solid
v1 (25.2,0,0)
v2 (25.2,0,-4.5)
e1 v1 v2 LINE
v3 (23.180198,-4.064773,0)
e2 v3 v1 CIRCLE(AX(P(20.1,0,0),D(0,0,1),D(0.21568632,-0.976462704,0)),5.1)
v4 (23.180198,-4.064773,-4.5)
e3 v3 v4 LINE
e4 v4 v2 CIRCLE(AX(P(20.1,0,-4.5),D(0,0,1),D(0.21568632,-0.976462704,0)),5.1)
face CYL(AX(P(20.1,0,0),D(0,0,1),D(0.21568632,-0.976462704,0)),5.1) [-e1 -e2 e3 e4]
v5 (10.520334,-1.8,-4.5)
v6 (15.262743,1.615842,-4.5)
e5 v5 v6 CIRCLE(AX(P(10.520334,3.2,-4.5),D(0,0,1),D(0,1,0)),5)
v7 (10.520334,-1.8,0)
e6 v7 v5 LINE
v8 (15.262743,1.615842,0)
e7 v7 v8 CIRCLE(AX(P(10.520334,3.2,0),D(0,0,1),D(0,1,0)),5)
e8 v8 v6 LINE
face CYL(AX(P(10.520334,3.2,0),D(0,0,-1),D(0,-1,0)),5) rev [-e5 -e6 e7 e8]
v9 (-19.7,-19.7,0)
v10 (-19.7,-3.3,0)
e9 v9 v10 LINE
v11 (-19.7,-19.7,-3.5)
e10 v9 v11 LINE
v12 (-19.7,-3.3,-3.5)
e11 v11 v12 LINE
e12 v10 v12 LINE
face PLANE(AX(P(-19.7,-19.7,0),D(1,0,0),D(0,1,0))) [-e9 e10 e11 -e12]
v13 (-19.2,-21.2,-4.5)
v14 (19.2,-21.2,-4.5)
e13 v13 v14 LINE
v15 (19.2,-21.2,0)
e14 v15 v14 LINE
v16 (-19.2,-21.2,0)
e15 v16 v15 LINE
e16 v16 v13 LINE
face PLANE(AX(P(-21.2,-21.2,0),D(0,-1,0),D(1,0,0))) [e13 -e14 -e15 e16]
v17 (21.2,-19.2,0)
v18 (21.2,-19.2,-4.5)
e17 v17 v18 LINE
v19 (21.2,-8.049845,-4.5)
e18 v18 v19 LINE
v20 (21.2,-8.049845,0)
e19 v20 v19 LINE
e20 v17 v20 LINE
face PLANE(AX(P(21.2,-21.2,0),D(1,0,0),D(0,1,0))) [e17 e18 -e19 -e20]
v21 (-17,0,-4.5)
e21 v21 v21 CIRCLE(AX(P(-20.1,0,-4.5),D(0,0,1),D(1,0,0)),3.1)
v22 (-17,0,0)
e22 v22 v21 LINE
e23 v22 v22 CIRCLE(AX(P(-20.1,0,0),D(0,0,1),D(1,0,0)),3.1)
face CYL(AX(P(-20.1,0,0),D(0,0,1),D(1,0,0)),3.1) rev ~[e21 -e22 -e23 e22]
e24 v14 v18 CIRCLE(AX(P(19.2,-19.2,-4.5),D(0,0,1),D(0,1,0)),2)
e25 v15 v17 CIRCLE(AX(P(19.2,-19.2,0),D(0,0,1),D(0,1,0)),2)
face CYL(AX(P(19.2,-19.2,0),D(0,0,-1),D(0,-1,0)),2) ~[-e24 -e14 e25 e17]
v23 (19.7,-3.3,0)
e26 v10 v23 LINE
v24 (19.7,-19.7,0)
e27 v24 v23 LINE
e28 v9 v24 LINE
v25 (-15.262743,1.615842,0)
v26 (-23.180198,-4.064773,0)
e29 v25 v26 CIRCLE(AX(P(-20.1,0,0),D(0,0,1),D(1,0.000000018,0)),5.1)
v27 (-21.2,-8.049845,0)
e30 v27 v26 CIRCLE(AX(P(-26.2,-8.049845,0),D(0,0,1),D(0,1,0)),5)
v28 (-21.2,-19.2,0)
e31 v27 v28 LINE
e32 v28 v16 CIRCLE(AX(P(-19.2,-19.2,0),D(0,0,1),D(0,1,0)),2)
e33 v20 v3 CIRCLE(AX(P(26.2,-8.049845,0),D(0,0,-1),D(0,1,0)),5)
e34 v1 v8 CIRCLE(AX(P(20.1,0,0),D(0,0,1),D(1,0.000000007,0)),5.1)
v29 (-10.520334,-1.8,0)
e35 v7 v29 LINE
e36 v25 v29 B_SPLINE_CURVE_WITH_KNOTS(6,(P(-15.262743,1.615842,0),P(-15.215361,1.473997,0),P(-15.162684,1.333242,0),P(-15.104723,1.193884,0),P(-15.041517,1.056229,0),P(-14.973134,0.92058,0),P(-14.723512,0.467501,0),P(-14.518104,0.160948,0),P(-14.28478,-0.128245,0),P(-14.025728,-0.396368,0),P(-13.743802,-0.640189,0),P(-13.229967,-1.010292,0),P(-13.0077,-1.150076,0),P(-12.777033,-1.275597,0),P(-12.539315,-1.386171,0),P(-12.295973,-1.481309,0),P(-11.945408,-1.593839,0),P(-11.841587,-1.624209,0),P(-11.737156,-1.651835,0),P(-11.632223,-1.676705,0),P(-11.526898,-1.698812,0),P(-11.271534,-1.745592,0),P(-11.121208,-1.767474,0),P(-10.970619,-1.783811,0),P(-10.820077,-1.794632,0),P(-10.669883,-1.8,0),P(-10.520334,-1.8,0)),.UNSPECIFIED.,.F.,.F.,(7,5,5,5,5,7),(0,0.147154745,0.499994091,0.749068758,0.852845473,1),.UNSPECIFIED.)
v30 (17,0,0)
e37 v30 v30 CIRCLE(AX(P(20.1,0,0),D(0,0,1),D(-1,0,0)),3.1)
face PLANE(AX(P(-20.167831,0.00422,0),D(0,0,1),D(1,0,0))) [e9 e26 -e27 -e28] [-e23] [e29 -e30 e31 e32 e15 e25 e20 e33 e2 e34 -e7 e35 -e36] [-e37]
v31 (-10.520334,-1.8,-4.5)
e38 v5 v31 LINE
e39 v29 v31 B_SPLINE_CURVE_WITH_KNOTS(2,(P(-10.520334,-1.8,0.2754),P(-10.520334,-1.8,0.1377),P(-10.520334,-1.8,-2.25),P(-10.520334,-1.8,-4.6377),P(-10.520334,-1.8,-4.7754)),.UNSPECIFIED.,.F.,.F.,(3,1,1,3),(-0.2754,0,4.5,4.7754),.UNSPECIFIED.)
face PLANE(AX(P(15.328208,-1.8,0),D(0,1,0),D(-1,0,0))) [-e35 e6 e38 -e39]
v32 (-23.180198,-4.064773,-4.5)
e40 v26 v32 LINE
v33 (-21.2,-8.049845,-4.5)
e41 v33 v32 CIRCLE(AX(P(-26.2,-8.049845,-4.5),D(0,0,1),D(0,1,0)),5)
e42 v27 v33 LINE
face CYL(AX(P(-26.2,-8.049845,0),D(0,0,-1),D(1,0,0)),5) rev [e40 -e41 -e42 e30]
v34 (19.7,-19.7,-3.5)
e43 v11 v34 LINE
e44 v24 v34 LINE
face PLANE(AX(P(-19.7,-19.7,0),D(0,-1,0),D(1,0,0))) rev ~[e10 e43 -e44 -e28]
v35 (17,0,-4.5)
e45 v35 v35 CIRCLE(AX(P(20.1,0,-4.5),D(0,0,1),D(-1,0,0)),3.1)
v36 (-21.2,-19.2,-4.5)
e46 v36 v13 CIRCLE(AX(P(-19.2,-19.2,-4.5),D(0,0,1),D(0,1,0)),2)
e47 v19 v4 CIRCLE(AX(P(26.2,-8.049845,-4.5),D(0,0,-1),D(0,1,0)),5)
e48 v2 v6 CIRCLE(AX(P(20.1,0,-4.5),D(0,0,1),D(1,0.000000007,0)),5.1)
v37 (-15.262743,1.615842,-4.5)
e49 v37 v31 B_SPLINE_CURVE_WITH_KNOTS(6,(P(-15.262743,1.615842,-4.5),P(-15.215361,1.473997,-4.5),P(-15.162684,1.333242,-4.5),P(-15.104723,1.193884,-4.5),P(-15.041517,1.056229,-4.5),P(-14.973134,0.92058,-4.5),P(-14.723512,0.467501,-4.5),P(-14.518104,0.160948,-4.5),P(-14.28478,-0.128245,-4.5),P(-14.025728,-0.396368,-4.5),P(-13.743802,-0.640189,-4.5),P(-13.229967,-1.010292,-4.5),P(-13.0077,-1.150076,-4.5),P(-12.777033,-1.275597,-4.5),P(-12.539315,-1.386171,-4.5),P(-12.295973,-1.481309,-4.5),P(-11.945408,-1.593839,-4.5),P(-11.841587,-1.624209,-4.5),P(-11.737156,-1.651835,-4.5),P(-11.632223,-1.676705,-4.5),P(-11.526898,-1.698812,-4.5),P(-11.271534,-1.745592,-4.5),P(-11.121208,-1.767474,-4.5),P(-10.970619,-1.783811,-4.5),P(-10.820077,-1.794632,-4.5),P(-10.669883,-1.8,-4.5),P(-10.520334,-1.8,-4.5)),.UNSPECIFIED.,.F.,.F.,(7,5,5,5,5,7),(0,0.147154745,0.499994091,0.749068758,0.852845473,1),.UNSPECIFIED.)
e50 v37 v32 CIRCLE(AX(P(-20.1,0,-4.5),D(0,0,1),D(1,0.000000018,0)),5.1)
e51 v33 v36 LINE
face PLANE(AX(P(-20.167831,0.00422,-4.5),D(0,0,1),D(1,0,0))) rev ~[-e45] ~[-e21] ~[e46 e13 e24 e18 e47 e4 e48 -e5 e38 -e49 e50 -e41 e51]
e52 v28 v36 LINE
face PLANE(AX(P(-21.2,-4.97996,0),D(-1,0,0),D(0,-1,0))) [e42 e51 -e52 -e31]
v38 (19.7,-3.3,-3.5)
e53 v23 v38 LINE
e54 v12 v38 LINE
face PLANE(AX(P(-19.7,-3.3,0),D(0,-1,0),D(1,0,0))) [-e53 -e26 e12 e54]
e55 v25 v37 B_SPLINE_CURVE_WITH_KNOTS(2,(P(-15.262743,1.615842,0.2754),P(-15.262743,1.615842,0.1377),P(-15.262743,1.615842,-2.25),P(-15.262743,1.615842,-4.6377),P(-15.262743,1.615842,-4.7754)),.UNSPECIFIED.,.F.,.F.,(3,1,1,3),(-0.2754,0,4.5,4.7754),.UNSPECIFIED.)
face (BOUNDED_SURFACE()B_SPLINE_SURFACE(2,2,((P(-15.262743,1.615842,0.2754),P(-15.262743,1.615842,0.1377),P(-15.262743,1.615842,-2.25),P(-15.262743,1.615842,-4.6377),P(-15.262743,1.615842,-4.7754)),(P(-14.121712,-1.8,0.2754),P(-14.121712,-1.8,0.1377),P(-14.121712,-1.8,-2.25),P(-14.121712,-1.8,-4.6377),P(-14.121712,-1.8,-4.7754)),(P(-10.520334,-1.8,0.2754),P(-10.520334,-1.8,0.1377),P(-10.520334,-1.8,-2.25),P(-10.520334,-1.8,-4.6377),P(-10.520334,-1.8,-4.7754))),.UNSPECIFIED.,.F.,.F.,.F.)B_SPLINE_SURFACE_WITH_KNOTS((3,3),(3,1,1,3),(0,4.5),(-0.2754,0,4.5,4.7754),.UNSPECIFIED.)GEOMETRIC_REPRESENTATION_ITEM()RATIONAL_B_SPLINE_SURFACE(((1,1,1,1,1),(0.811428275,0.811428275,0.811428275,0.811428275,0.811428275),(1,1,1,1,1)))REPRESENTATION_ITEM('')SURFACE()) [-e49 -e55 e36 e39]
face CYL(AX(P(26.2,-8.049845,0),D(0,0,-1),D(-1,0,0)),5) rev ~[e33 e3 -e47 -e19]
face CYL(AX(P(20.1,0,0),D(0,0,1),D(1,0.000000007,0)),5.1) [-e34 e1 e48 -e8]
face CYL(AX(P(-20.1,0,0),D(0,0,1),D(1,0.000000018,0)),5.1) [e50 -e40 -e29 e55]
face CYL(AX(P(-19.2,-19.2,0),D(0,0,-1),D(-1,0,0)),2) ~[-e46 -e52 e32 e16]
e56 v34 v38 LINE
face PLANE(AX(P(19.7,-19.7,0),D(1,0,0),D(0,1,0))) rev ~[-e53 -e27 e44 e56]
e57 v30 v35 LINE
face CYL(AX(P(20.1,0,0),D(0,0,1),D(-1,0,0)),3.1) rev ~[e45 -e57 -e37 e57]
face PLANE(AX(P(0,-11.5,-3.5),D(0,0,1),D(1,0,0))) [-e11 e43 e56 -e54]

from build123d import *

# Parameters (mm, degrees)
F2_DEPTH = 4.5
F0_R     = 3.1
F3_DEPTH = 4.501
F0_W     = 39.4
F0_H     = 16.4
F4_DEPTH = 3.5
F5_R     = 2
F6_R     = 5


with BuildPart() as f2:
    # F1 (on Top) → F2 (new body)
    with BuildSketch(Plane.XY):
        with BuildLine():
            Line((-21.2, -1.8), (-15.328208, -1.8))
            ThreePointArc((-15.328208, -1.8), (-15.082723, -0.914839), (-15, 0))
            ThreePointArc((-15, 0), (-23.293744, 3.976179), (-21.2, -4.97996))
            Line((-21.2, -4.97996), (-21.2, -1.8))
        make_face()
        with BuildLine():
            ThreePointArc((21.2, -4.97996), (17.671307, -4.484579), (15.328208, -1.8))
            Line((15.328208, -1.8), (-15.328208, -1.8))
            ThreePointArc((-15.328208, -1.8), (-17.671307, -4.484579), (-21.2, -4.97996))
            Line((-21.2, -4.97996), (-21.2, -21.2))
            Line((-21.2, -21.2), (21.2, -21.2))
            Line((21.2, -21.2), (21.2, -4.97996))
        make_face()
        with BuildLine():
            Line((15.328208, -1.8), (21.2, -1.8))
            Line((21.2, -1.8), (21.2, -4.97996))
            ThreePointArc((21.2, -4.97996), (24.076179, -3.193744), (25.2, 0))
            ThreePointArc((25.2, 0), (19.185161, 5.017277), (15.328208, -1.8))
        make_face()
        with BuildLine():
            Line((21.2, -4.97996), (21.2, -1.8))
            Line((21.2, -1.8), (15.328208, -1.8))
            ThreePointArc((15.328208, -1.8), (17.671307, -4.484579), (21.2, -4.97996))
        make_face()
        with BuildLine():
            ThreePointArc((-21.2, -4.97996), (-17.671307, -4.484579), (-15.328208, -1.8))
            Line((-15.328208, -1.8), (-21.2, -1.8))
            Line((-21.2, -1.8), (-21.2, -4.97996))
        make_face()
    extrude(amount=-F2_DEPTH)

    # F0 (on Top) → F3 (cut, through all)
    with BuildSketch(Plane.XY):
        with Locations((-20.1, 0)):
            Circle(F0_R)
        with BuildLine():
            ThreePointArc((23.2, 0), (20.1, 3.1), (17, 0))
            ThreePointArc((17, 0), (20.1, -3.1), (23.2, 0))
        make_face()
    extrude(amount=-F3_DEPTH, mode=Mode.SUBTRACT)

    # F0 (on Top) → F4 (cut)
    with BuildSketch(Plane.XY):
        with Locations((0, -11.5)):
            Rectangle(F0_W, F0_H)
    extrude(amount=-F4_DEPTH, mode=Mode.SUBTRACT)

    # F5
    f5_edges = [f2.edges().sort_by_distance(p)[0] for p in [
        (-21.2, -21.2, -2.25),
        (21.2, -21.2, -2.25),
    ]]
    fillet(f5_edges, radius=F5_R)

    # F6
    f6_edges = [f2.edges().sort_by_distance(p)[0] for p in [
        (-21.2, -4.97996, -2.25),
        (-15.328208, -1.8, -2.25),
        (21.2, -4.97996, -2.25),
        (15.328208, -1.8, -2.25),
    ]]
    fillet(f6_edges, radius=F6_R)


solid = f2.part
